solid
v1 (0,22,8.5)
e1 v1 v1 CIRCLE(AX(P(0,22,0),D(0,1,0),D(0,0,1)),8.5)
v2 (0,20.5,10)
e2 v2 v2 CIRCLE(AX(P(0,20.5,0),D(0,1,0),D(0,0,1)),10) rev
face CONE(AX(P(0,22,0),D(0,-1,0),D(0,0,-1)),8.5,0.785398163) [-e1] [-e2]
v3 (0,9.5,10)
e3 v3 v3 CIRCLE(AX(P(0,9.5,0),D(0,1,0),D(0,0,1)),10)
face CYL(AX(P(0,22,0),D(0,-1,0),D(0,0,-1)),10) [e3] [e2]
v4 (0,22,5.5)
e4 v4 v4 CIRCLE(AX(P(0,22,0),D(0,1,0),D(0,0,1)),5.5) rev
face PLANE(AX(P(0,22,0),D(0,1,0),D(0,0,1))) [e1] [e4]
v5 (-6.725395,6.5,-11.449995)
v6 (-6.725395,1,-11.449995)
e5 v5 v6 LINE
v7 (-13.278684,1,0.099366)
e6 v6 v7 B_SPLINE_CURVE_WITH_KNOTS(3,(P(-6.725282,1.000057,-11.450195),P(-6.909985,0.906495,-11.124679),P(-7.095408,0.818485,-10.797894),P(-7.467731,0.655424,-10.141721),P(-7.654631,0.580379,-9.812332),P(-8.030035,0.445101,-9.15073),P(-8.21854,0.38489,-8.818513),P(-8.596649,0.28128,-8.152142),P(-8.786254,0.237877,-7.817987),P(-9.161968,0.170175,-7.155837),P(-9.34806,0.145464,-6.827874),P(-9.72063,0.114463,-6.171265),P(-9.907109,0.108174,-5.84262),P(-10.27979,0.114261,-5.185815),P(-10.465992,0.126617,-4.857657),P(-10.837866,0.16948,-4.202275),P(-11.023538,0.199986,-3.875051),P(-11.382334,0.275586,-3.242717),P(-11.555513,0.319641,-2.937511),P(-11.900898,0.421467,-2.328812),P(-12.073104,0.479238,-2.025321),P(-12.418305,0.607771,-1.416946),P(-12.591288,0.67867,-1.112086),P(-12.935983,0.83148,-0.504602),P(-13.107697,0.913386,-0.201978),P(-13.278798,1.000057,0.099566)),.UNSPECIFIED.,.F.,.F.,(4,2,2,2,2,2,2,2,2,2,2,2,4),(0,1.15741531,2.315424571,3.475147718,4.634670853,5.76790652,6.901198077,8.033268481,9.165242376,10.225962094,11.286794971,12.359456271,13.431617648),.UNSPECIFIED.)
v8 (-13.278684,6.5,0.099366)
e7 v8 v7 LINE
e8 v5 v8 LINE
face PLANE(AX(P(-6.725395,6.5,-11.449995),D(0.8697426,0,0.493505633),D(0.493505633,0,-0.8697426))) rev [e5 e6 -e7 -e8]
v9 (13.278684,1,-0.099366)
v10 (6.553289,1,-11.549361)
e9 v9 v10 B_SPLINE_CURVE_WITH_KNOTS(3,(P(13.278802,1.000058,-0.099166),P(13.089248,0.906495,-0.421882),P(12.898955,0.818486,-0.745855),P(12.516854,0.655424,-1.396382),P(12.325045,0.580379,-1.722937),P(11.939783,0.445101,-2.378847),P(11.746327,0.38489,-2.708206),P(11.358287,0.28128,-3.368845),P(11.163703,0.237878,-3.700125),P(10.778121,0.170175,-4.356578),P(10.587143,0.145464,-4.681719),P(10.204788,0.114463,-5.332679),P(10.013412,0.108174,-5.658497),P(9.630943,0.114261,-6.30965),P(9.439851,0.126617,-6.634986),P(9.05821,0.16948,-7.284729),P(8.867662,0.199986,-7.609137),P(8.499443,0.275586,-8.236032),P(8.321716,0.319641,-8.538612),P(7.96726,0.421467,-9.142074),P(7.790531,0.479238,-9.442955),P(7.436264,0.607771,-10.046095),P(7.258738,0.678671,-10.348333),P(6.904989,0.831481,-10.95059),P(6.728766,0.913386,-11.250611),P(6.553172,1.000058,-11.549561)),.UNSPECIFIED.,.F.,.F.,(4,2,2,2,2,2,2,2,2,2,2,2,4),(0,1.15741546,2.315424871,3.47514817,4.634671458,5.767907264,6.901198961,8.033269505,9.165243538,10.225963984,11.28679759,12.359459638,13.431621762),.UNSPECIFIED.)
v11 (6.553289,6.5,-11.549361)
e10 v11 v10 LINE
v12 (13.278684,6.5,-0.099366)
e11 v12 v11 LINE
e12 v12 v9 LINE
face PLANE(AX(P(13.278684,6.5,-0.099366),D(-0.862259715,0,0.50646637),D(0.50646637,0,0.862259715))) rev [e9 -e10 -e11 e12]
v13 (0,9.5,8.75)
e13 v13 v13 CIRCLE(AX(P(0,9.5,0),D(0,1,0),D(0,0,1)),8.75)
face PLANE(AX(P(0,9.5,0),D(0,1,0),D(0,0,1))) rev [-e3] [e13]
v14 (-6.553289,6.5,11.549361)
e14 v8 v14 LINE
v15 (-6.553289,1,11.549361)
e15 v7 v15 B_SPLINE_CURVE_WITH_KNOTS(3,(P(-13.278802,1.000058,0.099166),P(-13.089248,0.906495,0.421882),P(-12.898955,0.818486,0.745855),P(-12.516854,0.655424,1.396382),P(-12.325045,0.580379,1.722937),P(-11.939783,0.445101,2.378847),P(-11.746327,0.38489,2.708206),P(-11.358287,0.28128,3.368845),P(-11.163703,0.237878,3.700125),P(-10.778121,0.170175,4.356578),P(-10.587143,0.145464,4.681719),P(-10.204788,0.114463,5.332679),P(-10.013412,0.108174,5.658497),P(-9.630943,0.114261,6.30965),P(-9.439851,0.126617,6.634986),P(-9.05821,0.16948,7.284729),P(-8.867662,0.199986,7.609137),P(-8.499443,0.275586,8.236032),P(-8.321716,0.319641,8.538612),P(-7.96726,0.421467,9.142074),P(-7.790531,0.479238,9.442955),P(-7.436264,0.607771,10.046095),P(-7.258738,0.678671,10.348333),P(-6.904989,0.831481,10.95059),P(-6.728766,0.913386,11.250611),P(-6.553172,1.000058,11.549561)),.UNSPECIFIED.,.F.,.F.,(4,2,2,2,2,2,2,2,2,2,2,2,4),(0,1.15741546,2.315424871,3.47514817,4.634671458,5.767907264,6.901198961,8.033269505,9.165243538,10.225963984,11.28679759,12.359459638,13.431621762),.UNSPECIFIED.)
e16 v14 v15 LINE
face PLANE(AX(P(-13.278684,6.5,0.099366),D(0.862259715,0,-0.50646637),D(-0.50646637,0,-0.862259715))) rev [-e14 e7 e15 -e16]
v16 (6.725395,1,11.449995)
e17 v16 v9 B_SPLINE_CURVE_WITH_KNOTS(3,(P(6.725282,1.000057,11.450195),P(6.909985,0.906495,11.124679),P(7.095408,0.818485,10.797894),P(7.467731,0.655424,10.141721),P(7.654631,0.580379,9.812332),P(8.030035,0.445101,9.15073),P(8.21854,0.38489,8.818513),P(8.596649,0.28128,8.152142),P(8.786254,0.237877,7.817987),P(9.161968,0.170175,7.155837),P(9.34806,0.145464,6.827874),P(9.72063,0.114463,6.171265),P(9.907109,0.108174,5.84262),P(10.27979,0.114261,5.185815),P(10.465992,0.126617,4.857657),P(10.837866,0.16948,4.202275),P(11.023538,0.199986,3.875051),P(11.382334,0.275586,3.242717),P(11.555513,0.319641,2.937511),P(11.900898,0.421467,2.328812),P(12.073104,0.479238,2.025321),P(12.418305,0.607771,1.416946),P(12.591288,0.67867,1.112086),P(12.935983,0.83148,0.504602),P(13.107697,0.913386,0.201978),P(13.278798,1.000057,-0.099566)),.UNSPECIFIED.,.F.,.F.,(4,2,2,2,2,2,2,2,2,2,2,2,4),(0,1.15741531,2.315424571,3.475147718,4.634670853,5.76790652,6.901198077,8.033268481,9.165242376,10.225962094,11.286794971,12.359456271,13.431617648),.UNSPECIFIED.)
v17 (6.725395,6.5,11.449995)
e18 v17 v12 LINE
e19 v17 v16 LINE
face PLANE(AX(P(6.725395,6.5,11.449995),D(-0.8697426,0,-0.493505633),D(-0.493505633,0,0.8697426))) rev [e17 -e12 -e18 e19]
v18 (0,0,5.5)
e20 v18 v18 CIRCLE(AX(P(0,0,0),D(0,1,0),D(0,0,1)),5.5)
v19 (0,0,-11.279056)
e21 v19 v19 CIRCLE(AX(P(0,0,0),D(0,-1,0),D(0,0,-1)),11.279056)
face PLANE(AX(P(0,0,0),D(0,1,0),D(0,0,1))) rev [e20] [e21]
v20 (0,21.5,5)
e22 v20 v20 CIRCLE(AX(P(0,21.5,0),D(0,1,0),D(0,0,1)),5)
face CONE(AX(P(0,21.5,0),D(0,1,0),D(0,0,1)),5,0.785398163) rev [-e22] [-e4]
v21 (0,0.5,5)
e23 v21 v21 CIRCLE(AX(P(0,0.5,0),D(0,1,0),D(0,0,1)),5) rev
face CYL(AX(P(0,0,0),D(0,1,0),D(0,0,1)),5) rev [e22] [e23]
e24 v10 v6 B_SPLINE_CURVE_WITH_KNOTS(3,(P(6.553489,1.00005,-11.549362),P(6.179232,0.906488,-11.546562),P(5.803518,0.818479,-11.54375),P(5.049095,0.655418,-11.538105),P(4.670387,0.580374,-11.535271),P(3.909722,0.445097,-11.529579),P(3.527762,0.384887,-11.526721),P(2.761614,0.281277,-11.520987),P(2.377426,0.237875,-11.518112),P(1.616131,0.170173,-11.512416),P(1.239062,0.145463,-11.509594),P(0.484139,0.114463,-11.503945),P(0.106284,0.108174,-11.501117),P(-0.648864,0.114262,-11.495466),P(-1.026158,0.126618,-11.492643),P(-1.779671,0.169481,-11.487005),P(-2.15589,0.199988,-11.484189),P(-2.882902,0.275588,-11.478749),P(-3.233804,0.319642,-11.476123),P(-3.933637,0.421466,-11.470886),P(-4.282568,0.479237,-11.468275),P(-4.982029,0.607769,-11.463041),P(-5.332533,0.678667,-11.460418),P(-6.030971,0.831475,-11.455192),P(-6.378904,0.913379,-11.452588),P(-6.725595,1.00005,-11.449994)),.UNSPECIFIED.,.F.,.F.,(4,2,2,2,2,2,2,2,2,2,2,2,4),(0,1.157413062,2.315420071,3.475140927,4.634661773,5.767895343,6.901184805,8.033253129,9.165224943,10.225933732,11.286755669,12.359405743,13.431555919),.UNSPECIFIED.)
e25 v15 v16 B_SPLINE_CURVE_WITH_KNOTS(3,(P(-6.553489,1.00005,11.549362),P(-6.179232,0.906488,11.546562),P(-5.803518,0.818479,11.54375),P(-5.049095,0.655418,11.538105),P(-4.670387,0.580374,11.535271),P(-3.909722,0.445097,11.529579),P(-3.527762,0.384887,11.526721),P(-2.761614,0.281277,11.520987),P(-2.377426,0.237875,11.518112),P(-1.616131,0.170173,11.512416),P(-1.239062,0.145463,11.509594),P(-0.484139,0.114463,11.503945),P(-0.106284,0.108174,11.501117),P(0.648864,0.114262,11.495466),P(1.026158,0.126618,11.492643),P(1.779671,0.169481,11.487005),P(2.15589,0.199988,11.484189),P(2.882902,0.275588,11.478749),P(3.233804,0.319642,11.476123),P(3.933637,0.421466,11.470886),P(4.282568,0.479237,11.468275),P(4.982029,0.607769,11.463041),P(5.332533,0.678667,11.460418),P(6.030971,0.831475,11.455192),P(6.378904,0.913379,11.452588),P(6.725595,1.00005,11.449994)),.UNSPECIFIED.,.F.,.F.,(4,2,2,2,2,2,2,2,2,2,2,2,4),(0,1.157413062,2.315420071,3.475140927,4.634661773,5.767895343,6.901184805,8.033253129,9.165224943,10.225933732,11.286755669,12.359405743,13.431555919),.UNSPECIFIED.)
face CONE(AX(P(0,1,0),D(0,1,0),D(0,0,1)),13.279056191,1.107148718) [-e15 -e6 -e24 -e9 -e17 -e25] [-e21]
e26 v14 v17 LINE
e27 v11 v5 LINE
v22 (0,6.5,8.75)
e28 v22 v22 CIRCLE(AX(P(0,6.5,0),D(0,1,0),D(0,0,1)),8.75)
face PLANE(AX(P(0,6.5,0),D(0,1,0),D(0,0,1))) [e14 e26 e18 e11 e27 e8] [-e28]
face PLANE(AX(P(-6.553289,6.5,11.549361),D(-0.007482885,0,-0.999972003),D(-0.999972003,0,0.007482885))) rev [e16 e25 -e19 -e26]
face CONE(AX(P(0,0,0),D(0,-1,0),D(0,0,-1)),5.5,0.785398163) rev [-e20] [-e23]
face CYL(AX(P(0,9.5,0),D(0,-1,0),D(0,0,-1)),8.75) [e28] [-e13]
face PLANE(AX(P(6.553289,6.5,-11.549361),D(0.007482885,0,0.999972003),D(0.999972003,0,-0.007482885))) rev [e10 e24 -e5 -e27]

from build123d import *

# Parameters (mm, degrees)
EXTRUDE_1_DEPTH     = 6.5
SKETCH_2_R          = 8.75
EXTRUDE_2_DEPTH     = 3
SKETCH_3_R          = 10
EXTRUDE_3_DEPTH     = 12.5
CHAMFER_1_SIZE      = 1.5
SKETCH_6_R          = 5
CUT_EXTRUDE_1_DEPTH = 29.172880507
CHAMFER_2_SIZE      = 0.5


with BuildPart() as part:
    # 草图1 → 凸台-拉伸1 (new body)
    with BuildSketch(Plane(origin=(0, 0, 0), x_dir=(1, 0, 0), z_dir=(0, 1, 0))):
        Polygon((6.553289027, 11.549360859), (-6.725395388, 11.449995205), (-13.278684415, -0.099365654), (-6.553289027, -11.549360859), (6.725395388, -11.449995205), (13.278684415, 0.099365654), align=None)
    extrude(amount=EXTRUDE_1_DEPTH)

    # 草图2 → 凸台-拉伸2 (add)
    with BuildSketch(Plane(origin=(0, 6.5, 0), x_dir=(1, 0, 0), z_dir=(0, 1, 0))):
        with Locations(Location((0, 0, 0), (0, 0, 270))):
            Circle(SKETCH_2_R)
    extrude(amount=EXTRUDE_2_DEPTH)

    # 草图3 → 凸台-拉伸3 (add)
    with BuildSketch(Plane(origin=(0, 9.5, 0), x_dir=(1, 0, 0), z_dir=(0, 1, 0))):
        with Locations(Location((0, 0, 0), (0, 0, 270))):
            Circle(SKETCH_3_R)
    extrude(amount=EXTRUDE_3_DEPTH)

    # 倒角1
    chamfer_1_edges = [part.edges().sort_by_distance(p)[0] for p in [
        (0, 22, -10),
    ]]
    chamfer(chamfer_1_edges, length=CHAMFER_1_SIZE)

    # 草图5 → 切除-旋转3 (revolve, cut)
    with BuildSketch(Plane(origin=(0, 0, 0), x_dir=(0.49350563267132574, 0, -0.8697426001534446), z_dir=(0.8697426001534445, 0, 0.4935056326713257)), mode=Mode.PRIVATE) as cut_revolve_3_sk:
        Polygon((13.279056191, 1), (11.279056191, 0), (13.279056191, 0), align=None)
    revolve(cut_revolve_3_sk.sketch.rotate(Axis((0, -1000, 0), (0, 1, 0)), 180.000000003), axis=Axis((0, -1000, 0), (0, 1, 0)), mode=Mode.SUBTRACT)

    # 草图6 → 切除-拉伸1 (cut, through all)
    with BuildSketch(Plane(origin=(0, 22, 0), x_dir=(1, 0, 0), z_dir=(0, 1, 0))):
        with Locations(Location((0, 0, 0), (0, 0, 270))):
            Circle(SKETCH_6_R)
    extrude(amount=-CUT_EXTRUDE_1_DEPTH, mode=Mode.SUBTRACT)

    # 倒角2
    chamfer_2_edges = [part.edges().sort_by_distance(p)[0] for p in [
        (0, 0, -5),
        (0, 22, -5),
    ]]
    chamfer(chamfer_2_edges, length=CHAMFER_2_SIZE)


solid = part.part
